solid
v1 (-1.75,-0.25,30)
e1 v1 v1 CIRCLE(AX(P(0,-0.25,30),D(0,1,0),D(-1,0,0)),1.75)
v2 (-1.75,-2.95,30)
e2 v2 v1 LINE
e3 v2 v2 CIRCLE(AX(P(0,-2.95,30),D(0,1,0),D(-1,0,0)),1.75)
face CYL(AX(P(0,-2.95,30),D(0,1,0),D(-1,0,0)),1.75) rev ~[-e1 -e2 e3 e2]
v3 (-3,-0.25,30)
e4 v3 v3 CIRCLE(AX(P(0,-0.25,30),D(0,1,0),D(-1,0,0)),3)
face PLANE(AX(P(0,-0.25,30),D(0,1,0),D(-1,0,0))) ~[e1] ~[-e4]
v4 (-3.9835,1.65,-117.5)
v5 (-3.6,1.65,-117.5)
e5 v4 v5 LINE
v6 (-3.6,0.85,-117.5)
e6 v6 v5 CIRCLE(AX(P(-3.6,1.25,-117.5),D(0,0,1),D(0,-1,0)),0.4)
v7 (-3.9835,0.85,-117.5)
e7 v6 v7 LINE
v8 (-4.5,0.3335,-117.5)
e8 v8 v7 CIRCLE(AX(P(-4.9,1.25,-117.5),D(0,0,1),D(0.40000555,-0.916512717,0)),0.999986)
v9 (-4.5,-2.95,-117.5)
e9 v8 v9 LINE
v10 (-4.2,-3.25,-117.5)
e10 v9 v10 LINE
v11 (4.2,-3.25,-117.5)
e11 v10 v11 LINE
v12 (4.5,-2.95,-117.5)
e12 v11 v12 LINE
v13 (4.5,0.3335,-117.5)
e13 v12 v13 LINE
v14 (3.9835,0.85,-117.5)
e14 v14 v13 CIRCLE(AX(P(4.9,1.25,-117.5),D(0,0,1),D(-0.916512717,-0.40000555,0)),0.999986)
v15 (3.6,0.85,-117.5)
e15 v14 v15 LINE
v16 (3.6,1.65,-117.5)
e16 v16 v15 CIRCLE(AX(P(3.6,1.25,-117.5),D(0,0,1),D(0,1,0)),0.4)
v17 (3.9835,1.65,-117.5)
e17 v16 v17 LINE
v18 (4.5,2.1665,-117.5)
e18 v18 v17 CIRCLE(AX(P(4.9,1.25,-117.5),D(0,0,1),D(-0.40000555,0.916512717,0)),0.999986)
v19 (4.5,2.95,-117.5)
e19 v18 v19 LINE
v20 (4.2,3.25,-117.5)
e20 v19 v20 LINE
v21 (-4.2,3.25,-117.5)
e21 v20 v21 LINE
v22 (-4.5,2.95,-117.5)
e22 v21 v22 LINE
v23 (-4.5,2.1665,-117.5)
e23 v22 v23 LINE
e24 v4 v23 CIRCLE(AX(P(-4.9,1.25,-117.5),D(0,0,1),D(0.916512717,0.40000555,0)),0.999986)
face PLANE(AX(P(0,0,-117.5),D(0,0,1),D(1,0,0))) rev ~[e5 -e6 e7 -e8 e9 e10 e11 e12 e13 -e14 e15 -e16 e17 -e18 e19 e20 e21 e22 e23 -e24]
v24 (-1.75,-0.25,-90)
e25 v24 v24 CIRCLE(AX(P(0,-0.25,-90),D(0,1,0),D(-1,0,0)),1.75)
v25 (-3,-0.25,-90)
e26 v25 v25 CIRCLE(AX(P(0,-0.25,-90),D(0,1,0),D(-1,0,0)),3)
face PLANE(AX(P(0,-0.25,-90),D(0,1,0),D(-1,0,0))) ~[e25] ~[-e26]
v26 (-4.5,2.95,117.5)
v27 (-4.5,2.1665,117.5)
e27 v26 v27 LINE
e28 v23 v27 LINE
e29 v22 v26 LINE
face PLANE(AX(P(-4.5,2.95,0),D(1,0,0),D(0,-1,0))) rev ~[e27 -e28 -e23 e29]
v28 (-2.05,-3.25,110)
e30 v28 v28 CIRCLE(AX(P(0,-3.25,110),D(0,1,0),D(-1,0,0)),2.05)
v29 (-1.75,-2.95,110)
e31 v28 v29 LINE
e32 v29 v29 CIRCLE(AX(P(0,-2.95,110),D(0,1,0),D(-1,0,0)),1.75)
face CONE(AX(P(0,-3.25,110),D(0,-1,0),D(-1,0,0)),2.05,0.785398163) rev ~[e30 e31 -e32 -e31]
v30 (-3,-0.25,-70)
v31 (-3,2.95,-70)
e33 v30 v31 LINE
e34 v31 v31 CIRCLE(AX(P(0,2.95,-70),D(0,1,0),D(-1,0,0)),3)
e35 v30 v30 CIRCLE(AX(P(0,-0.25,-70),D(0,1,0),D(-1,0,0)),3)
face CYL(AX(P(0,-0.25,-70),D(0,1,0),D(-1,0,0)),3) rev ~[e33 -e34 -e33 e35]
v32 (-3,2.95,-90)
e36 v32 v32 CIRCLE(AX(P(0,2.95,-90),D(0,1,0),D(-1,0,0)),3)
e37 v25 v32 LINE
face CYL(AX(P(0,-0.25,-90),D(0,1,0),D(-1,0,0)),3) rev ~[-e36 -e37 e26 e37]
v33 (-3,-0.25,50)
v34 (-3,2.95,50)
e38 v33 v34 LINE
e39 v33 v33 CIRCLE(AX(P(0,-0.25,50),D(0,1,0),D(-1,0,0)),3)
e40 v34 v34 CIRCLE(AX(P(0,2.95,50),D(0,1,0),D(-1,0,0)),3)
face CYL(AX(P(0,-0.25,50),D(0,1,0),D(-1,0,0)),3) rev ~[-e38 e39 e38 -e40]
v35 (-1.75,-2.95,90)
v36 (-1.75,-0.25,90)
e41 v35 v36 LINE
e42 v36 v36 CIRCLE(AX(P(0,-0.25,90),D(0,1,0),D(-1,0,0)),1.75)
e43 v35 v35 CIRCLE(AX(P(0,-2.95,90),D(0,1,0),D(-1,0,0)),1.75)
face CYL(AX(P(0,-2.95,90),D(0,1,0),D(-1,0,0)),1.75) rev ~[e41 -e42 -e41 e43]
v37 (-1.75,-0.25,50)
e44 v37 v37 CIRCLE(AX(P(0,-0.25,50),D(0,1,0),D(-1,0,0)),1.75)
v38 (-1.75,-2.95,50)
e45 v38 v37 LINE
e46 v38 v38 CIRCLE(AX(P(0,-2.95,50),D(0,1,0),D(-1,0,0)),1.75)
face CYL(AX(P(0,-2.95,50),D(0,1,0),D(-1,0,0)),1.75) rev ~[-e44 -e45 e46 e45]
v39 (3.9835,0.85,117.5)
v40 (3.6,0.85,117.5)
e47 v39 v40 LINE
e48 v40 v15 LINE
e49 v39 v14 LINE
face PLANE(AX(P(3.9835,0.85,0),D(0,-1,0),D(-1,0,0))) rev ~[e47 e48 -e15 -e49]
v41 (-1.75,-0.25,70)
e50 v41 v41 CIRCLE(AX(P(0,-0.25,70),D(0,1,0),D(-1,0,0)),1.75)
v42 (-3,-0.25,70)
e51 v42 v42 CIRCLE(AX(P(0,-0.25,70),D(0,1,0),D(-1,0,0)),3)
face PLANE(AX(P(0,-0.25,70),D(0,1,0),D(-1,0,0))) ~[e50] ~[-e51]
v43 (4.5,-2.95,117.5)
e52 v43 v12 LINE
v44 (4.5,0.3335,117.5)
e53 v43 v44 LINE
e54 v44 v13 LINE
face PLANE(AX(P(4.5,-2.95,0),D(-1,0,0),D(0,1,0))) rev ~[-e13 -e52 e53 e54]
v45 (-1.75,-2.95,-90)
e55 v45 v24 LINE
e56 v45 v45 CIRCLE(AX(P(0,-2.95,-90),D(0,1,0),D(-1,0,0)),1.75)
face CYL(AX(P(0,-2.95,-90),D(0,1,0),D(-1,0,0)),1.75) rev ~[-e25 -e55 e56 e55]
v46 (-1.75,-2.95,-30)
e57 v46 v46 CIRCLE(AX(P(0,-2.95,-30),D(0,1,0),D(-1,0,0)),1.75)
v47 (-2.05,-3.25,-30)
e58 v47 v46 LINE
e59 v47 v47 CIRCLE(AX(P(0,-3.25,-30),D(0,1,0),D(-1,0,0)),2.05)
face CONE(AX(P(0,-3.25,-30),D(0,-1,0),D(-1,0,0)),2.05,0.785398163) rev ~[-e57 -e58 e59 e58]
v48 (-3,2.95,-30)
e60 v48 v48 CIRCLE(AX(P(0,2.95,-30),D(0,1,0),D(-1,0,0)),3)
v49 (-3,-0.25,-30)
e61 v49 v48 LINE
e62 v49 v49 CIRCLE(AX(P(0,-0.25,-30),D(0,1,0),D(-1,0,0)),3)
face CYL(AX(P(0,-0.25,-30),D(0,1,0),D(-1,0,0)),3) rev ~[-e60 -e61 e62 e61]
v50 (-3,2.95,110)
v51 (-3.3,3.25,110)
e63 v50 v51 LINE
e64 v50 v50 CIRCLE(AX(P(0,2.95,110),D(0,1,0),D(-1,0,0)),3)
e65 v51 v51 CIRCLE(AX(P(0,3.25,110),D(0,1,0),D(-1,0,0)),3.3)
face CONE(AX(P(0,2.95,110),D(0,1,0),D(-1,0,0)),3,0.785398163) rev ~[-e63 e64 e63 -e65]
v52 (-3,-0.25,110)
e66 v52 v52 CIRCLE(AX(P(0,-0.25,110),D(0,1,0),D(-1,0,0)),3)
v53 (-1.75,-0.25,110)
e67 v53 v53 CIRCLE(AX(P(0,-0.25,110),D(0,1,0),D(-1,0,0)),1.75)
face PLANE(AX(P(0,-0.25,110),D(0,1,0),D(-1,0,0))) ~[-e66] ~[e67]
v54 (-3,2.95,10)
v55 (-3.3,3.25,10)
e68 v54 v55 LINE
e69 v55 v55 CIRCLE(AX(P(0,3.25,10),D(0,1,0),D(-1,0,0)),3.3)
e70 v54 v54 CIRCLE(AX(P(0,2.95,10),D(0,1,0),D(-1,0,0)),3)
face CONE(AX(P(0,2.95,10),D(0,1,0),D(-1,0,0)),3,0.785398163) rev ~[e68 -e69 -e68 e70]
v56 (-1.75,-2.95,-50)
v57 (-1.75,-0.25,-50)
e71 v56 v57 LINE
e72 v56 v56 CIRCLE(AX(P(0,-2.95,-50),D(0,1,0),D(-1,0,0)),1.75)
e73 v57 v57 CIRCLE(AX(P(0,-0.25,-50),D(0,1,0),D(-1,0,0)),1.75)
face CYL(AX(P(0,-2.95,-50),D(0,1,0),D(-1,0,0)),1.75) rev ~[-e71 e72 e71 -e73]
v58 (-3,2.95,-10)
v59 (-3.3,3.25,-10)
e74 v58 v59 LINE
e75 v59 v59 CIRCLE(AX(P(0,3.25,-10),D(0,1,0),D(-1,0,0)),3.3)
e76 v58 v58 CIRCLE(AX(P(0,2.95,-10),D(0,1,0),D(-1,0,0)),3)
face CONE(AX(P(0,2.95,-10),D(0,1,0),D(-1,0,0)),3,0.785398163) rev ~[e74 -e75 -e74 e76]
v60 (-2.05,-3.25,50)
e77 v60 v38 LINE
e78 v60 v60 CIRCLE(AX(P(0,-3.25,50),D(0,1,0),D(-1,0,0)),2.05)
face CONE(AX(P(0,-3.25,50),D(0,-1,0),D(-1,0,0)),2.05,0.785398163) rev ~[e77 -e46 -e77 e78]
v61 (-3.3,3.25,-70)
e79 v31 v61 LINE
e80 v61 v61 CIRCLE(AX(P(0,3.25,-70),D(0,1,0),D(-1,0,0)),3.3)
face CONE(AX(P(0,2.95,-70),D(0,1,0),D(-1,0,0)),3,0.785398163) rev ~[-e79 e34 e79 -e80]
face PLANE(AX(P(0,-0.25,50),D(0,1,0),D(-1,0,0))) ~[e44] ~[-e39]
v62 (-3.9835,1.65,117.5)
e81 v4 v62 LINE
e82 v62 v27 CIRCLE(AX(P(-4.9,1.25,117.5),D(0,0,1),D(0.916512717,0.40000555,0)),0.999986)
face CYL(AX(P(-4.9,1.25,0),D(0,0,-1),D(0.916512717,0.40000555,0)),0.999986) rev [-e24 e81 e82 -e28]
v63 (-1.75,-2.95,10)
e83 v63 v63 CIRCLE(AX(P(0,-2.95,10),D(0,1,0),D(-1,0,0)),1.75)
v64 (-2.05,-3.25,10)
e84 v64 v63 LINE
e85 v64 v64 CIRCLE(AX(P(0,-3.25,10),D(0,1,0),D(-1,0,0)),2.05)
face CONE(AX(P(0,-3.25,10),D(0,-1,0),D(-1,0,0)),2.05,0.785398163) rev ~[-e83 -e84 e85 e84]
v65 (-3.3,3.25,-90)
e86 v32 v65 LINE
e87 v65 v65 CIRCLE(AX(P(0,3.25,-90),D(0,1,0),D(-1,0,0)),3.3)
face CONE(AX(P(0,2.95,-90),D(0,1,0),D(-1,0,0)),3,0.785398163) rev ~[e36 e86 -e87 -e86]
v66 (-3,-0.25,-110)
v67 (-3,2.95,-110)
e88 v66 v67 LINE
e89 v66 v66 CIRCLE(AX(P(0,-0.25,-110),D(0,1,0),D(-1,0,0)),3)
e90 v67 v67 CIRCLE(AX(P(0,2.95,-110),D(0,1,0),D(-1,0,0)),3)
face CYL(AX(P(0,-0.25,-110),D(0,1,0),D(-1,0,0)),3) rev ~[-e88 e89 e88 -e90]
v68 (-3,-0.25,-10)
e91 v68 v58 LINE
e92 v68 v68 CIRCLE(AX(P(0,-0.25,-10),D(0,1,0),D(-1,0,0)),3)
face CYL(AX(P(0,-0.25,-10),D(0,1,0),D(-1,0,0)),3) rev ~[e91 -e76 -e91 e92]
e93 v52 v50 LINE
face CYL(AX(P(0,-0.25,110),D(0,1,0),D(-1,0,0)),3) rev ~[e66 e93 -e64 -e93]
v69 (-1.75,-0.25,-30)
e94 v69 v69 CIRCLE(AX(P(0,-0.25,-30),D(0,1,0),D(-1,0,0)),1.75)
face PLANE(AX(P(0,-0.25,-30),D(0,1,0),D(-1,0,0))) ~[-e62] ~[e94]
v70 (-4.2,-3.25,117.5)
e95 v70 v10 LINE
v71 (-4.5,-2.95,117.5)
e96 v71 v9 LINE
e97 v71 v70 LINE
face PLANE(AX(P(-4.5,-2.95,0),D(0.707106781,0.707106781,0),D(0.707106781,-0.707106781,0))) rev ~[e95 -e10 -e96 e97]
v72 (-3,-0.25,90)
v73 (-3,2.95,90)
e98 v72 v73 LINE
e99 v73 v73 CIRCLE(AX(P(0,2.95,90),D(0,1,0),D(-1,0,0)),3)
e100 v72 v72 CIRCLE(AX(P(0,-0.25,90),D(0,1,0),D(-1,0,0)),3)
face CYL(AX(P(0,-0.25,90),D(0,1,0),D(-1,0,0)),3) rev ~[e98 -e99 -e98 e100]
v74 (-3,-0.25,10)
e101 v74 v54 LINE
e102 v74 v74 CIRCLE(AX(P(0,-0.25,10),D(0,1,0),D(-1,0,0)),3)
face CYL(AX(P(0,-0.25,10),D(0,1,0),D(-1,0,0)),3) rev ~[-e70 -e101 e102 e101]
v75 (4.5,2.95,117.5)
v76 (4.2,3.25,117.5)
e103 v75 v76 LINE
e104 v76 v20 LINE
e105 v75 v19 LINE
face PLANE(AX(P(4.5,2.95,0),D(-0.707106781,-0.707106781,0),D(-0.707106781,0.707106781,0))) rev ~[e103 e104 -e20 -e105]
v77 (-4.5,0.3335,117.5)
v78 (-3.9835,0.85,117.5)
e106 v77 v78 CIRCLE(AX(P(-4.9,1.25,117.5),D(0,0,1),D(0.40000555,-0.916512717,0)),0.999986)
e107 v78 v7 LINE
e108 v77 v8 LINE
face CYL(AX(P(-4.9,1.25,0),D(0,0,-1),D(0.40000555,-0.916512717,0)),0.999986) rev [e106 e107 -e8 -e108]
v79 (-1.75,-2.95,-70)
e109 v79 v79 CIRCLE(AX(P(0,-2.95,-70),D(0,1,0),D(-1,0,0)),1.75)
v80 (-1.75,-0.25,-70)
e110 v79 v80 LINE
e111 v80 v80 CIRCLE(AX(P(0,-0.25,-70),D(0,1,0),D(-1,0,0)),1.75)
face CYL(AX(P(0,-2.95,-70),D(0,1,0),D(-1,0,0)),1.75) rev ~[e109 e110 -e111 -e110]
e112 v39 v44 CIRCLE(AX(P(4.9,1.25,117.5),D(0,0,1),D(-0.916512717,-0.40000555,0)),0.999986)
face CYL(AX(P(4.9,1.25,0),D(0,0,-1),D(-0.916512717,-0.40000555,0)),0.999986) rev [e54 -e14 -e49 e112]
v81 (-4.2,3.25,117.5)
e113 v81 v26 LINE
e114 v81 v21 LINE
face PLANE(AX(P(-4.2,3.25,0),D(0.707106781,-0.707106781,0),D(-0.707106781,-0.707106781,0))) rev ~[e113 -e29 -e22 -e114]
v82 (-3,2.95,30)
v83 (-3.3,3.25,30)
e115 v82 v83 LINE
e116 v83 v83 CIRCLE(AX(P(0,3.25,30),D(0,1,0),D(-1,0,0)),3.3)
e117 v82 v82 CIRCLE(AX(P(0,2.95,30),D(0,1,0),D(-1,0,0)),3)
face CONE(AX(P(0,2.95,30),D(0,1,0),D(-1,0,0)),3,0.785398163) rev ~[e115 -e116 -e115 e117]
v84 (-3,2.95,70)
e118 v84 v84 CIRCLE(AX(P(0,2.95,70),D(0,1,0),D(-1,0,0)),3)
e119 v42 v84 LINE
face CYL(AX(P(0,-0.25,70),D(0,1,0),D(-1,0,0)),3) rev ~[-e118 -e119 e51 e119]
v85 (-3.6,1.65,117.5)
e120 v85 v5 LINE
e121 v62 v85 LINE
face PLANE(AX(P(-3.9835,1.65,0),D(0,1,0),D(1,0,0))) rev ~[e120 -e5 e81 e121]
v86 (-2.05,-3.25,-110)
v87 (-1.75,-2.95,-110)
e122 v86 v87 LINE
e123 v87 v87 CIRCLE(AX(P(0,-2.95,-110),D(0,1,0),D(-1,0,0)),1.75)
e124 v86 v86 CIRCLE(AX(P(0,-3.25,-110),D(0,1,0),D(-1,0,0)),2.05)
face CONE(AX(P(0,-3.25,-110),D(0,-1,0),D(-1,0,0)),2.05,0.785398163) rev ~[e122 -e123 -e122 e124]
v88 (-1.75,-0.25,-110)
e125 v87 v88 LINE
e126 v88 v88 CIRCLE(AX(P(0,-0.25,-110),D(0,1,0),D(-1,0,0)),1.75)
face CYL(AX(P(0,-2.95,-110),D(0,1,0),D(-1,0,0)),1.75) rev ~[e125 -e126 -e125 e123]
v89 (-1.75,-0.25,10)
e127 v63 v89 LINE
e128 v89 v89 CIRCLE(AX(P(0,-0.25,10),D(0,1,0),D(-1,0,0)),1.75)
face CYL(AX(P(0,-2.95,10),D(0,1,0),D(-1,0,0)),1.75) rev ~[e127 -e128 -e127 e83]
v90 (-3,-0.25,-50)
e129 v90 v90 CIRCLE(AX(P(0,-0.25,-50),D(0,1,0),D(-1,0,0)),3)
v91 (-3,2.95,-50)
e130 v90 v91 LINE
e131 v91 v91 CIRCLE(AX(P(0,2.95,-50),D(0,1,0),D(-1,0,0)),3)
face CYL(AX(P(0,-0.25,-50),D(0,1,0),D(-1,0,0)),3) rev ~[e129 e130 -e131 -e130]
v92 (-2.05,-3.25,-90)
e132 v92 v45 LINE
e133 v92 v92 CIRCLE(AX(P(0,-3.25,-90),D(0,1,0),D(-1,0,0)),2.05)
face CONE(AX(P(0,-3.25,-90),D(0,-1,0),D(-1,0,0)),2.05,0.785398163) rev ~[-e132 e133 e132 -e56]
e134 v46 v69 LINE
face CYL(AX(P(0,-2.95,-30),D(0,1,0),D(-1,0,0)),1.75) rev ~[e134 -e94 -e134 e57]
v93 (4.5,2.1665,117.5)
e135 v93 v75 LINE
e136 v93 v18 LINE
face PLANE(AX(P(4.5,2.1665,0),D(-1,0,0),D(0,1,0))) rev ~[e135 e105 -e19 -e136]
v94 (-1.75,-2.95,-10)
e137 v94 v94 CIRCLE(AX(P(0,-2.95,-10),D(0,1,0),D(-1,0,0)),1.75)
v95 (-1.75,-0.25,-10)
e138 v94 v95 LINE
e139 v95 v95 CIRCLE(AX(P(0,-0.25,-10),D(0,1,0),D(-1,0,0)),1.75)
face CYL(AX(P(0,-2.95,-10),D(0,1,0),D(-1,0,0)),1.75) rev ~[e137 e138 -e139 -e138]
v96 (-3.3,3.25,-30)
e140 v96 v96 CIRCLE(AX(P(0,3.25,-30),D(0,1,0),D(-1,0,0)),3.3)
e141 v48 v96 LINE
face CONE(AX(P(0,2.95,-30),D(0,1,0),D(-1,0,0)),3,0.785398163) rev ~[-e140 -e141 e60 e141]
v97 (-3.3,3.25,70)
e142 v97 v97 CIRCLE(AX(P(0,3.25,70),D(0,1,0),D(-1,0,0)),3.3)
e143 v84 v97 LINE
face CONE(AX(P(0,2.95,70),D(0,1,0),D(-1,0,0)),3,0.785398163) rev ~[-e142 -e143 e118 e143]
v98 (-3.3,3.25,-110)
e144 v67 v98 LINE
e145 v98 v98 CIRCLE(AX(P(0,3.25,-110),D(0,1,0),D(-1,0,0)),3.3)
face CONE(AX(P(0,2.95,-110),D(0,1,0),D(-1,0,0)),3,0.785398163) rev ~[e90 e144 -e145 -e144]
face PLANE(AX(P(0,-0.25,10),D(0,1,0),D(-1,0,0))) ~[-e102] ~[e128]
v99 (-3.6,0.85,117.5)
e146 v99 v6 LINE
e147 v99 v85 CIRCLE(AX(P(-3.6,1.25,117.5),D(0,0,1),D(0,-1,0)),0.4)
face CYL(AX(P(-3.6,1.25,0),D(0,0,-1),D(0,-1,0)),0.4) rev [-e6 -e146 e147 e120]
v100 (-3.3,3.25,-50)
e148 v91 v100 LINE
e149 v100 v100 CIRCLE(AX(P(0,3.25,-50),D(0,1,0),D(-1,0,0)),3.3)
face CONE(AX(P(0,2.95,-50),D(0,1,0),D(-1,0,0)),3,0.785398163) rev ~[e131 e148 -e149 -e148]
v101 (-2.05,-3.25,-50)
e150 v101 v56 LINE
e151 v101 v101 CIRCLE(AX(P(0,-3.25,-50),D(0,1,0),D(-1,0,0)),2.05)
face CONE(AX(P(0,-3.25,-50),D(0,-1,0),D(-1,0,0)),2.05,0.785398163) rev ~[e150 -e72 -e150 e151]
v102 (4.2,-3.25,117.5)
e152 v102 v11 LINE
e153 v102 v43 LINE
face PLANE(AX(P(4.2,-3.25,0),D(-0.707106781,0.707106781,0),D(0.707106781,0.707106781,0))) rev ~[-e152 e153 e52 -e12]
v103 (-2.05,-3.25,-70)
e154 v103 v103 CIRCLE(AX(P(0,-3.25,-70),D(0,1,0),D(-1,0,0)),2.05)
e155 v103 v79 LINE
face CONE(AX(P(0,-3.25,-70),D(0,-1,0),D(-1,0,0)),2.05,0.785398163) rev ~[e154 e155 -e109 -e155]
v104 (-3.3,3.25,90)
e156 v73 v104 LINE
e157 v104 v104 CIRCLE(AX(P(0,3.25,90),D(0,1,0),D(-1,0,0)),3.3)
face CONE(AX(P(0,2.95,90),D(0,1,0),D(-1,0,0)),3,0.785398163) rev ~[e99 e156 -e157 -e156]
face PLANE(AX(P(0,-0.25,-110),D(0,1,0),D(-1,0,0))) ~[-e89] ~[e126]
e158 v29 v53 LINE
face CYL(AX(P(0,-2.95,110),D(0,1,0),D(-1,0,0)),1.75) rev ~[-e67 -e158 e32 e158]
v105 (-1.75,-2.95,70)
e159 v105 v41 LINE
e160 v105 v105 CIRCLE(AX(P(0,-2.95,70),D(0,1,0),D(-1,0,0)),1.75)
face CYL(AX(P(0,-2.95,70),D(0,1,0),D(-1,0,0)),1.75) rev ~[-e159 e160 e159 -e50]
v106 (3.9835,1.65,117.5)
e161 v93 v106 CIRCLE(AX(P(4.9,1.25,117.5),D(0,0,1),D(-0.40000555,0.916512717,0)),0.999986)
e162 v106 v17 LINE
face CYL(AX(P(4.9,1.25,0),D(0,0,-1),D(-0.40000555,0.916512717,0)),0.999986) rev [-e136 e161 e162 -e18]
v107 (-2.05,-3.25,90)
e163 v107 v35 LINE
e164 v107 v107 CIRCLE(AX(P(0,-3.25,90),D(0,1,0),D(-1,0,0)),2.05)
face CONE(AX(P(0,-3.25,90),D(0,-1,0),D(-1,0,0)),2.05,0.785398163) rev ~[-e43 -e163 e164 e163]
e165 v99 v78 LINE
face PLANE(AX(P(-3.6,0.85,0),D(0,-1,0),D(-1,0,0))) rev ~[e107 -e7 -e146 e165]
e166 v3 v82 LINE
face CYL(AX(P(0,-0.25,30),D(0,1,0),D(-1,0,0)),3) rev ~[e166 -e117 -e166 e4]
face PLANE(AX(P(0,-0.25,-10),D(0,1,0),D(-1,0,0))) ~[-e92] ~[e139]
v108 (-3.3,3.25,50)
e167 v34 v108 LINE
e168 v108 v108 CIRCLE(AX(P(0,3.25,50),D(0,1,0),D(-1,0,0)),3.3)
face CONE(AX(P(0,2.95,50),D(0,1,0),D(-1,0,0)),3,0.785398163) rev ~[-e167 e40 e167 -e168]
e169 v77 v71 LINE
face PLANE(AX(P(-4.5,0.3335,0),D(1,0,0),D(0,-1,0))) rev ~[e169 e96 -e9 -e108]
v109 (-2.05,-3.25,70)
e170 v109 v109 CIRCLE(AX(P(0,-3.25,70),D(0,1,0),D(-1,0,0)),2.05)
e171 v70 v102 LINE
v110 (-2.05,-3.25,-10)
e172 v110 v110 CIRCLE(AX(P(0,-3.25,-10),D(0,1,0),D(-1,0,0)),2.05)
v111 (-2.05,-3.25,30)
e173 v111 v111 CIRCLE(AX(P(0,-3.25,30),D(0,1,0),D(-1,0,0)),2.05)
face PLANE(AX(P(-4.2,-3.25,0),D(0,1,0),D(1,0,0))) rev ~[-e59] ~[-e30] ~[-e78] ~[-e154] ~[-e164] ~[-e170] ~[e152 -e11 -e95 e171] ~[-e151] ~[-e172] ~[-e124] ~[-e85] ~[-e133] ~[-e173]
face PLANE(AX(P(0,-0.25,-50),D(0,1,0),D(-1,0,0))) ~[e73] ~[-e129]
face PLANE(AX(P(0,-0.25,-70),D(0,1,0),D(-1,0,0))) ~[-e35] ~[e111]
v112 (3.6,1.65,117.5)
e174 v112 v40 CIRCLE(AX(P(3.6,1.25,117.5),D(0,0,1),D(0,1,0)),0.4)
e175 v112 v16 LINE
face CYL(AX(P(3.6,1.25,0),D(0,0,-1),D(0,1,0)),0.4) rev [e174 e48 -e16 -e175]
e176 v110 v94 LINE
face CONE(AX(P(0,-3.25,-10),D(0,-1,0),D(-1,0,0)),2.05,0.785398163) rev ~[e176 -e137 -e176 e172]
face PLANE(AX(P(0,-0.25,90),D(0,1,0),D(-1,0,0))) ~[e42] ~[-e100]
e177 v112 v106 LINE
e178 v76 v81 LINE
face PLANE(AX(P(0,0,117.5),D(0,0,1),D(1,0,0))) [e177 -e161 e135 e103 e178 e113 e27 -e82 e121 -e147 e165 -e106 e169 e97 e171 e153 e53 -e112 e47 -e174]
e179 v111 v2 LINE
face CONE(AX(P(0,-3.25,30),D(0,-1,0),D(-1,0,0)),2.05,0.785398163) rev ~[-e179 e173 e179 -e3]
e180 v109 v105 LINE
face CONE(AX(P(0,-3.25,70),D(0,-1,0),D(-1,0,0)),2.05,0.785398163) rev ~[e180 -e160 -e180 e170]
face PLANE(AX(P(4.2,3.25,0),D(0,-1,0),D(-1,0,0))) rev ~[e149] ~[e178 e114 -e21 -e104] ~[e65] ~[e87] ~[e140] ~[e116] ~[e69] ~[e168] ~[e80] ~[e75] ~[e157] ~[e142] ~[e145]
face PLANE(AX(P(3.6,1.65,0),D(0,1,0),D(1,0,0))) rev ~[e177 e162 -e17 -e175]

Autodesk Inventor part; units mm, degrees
sketch "_____1" plane through (0, 0, 0) normal (0, 0, 1) x (1, 0, 0)
  line L0 (-4.5, 2.95) -> (-4.5, 2.1665)
  arc A0 (-3.9835, 1.65) -> (-4.5, 2.1665) centre (-4.9, 1.25) ccw
  line L1 (-3.9835, 1.65) -> (-3.6, 1.65)
  arc A1 (-3.6, 0.85) -> (-3.6, 1.65) centre (-3.6, 1.25) ccw
  line L2 (-3.6, 0.85) -> (-3.9835, 0.85)
  arc A2 (-4.5, 0.3335) -> (-3.9835, 0.85) centre (-4.9, 1.25) ccw
  line L3 (-4.5, 0.3335) -> (-4.5, -2.95)
  line L4 (-4.5, -2.95) -> (-4.2, -3.25)
  line L5 (-4.2, -3.25) -> (4.2, -3.25)
  line L6 (4.2, -3.25) -> (4.5, -2.95)
  line L7 (4.5, -2.95) -> (4.5, 0.3335)
  arc A3 (3.9835, 0.85) -> (4.5, 0.3335) centre (4.9, 1.25) ccw
  line L8 (3.9835, 0.85) -> (3.6, 0.85)
  arc A4 (3.6, 1.65) -> (3.6, 0.85) centre (3.6, 1.25) ccw
  line L9 (3.6, 1.65) -> (3.9835, 1.65)
  arc A5 (4.5, 2.1665) -> (3.9835, 1.65) centre (4.9, 1.25) ccw
  line L10 (4.5, 2.1665) -> (4.5, 2.95)
  line L11 (4.5, 2.95) -> (4.2, 3.25)
  line L12 (4.2, 3.25) -> (-4.2, 3.25)
  line L13 (-4.2, 3.25) -> (-4.5, 2.95)
extrude "Extrusion1" add sketch "_____1" along normal mid plane 235
sketch "_____5" plane through (0, 0, 110) normal (0, 0, 1) x (1, 0, 0)
  line L0 (0, 3.25) -> (0, -3.25)
  line L1 (0, -3.25) -> (-2.05, -3.25)
  line L2 (-2.05, -3.25) -> (-1.75, -2.95)
  line L3 (-1.75, -2.95) -> (-1.75, -0.25)
  line L4 (-1.75, -0.25) -> (-3, -0.25)
  line L5 (-3, -0.25) -> (-3, 2.95)
  line L6 (-3, 2.95) -> (-3.3, 3.25)
  line L7 (-3.3, 3.25) -> (0, 3.25)
  line L8 (0, 3.25) -> (0, -3.25)
revolve "Revolution1" cut sketch "_____5" angle 360 about axis through (0, 3.25, 110) along (0, 1, 0)
pattern_linear "Rectangular Pattern1" count 12 spacing 20 along (0, 0, -1) of "Revolution1"
ref_plane "to_body_XY" through (0, -3.25, 0) normal (0, 0, 1) x (1, 0, 0)
ref_plane "to_body_YZ" through (0, -3.25, 0) normal (1, 0, 0) x (0, 1, 0)
ref_plane "to_body_ZX" through (0, -3.25, 0) normal (0, 1, 0) x (0, 0, 1)
properties part number "C-MLG9-235_r"
